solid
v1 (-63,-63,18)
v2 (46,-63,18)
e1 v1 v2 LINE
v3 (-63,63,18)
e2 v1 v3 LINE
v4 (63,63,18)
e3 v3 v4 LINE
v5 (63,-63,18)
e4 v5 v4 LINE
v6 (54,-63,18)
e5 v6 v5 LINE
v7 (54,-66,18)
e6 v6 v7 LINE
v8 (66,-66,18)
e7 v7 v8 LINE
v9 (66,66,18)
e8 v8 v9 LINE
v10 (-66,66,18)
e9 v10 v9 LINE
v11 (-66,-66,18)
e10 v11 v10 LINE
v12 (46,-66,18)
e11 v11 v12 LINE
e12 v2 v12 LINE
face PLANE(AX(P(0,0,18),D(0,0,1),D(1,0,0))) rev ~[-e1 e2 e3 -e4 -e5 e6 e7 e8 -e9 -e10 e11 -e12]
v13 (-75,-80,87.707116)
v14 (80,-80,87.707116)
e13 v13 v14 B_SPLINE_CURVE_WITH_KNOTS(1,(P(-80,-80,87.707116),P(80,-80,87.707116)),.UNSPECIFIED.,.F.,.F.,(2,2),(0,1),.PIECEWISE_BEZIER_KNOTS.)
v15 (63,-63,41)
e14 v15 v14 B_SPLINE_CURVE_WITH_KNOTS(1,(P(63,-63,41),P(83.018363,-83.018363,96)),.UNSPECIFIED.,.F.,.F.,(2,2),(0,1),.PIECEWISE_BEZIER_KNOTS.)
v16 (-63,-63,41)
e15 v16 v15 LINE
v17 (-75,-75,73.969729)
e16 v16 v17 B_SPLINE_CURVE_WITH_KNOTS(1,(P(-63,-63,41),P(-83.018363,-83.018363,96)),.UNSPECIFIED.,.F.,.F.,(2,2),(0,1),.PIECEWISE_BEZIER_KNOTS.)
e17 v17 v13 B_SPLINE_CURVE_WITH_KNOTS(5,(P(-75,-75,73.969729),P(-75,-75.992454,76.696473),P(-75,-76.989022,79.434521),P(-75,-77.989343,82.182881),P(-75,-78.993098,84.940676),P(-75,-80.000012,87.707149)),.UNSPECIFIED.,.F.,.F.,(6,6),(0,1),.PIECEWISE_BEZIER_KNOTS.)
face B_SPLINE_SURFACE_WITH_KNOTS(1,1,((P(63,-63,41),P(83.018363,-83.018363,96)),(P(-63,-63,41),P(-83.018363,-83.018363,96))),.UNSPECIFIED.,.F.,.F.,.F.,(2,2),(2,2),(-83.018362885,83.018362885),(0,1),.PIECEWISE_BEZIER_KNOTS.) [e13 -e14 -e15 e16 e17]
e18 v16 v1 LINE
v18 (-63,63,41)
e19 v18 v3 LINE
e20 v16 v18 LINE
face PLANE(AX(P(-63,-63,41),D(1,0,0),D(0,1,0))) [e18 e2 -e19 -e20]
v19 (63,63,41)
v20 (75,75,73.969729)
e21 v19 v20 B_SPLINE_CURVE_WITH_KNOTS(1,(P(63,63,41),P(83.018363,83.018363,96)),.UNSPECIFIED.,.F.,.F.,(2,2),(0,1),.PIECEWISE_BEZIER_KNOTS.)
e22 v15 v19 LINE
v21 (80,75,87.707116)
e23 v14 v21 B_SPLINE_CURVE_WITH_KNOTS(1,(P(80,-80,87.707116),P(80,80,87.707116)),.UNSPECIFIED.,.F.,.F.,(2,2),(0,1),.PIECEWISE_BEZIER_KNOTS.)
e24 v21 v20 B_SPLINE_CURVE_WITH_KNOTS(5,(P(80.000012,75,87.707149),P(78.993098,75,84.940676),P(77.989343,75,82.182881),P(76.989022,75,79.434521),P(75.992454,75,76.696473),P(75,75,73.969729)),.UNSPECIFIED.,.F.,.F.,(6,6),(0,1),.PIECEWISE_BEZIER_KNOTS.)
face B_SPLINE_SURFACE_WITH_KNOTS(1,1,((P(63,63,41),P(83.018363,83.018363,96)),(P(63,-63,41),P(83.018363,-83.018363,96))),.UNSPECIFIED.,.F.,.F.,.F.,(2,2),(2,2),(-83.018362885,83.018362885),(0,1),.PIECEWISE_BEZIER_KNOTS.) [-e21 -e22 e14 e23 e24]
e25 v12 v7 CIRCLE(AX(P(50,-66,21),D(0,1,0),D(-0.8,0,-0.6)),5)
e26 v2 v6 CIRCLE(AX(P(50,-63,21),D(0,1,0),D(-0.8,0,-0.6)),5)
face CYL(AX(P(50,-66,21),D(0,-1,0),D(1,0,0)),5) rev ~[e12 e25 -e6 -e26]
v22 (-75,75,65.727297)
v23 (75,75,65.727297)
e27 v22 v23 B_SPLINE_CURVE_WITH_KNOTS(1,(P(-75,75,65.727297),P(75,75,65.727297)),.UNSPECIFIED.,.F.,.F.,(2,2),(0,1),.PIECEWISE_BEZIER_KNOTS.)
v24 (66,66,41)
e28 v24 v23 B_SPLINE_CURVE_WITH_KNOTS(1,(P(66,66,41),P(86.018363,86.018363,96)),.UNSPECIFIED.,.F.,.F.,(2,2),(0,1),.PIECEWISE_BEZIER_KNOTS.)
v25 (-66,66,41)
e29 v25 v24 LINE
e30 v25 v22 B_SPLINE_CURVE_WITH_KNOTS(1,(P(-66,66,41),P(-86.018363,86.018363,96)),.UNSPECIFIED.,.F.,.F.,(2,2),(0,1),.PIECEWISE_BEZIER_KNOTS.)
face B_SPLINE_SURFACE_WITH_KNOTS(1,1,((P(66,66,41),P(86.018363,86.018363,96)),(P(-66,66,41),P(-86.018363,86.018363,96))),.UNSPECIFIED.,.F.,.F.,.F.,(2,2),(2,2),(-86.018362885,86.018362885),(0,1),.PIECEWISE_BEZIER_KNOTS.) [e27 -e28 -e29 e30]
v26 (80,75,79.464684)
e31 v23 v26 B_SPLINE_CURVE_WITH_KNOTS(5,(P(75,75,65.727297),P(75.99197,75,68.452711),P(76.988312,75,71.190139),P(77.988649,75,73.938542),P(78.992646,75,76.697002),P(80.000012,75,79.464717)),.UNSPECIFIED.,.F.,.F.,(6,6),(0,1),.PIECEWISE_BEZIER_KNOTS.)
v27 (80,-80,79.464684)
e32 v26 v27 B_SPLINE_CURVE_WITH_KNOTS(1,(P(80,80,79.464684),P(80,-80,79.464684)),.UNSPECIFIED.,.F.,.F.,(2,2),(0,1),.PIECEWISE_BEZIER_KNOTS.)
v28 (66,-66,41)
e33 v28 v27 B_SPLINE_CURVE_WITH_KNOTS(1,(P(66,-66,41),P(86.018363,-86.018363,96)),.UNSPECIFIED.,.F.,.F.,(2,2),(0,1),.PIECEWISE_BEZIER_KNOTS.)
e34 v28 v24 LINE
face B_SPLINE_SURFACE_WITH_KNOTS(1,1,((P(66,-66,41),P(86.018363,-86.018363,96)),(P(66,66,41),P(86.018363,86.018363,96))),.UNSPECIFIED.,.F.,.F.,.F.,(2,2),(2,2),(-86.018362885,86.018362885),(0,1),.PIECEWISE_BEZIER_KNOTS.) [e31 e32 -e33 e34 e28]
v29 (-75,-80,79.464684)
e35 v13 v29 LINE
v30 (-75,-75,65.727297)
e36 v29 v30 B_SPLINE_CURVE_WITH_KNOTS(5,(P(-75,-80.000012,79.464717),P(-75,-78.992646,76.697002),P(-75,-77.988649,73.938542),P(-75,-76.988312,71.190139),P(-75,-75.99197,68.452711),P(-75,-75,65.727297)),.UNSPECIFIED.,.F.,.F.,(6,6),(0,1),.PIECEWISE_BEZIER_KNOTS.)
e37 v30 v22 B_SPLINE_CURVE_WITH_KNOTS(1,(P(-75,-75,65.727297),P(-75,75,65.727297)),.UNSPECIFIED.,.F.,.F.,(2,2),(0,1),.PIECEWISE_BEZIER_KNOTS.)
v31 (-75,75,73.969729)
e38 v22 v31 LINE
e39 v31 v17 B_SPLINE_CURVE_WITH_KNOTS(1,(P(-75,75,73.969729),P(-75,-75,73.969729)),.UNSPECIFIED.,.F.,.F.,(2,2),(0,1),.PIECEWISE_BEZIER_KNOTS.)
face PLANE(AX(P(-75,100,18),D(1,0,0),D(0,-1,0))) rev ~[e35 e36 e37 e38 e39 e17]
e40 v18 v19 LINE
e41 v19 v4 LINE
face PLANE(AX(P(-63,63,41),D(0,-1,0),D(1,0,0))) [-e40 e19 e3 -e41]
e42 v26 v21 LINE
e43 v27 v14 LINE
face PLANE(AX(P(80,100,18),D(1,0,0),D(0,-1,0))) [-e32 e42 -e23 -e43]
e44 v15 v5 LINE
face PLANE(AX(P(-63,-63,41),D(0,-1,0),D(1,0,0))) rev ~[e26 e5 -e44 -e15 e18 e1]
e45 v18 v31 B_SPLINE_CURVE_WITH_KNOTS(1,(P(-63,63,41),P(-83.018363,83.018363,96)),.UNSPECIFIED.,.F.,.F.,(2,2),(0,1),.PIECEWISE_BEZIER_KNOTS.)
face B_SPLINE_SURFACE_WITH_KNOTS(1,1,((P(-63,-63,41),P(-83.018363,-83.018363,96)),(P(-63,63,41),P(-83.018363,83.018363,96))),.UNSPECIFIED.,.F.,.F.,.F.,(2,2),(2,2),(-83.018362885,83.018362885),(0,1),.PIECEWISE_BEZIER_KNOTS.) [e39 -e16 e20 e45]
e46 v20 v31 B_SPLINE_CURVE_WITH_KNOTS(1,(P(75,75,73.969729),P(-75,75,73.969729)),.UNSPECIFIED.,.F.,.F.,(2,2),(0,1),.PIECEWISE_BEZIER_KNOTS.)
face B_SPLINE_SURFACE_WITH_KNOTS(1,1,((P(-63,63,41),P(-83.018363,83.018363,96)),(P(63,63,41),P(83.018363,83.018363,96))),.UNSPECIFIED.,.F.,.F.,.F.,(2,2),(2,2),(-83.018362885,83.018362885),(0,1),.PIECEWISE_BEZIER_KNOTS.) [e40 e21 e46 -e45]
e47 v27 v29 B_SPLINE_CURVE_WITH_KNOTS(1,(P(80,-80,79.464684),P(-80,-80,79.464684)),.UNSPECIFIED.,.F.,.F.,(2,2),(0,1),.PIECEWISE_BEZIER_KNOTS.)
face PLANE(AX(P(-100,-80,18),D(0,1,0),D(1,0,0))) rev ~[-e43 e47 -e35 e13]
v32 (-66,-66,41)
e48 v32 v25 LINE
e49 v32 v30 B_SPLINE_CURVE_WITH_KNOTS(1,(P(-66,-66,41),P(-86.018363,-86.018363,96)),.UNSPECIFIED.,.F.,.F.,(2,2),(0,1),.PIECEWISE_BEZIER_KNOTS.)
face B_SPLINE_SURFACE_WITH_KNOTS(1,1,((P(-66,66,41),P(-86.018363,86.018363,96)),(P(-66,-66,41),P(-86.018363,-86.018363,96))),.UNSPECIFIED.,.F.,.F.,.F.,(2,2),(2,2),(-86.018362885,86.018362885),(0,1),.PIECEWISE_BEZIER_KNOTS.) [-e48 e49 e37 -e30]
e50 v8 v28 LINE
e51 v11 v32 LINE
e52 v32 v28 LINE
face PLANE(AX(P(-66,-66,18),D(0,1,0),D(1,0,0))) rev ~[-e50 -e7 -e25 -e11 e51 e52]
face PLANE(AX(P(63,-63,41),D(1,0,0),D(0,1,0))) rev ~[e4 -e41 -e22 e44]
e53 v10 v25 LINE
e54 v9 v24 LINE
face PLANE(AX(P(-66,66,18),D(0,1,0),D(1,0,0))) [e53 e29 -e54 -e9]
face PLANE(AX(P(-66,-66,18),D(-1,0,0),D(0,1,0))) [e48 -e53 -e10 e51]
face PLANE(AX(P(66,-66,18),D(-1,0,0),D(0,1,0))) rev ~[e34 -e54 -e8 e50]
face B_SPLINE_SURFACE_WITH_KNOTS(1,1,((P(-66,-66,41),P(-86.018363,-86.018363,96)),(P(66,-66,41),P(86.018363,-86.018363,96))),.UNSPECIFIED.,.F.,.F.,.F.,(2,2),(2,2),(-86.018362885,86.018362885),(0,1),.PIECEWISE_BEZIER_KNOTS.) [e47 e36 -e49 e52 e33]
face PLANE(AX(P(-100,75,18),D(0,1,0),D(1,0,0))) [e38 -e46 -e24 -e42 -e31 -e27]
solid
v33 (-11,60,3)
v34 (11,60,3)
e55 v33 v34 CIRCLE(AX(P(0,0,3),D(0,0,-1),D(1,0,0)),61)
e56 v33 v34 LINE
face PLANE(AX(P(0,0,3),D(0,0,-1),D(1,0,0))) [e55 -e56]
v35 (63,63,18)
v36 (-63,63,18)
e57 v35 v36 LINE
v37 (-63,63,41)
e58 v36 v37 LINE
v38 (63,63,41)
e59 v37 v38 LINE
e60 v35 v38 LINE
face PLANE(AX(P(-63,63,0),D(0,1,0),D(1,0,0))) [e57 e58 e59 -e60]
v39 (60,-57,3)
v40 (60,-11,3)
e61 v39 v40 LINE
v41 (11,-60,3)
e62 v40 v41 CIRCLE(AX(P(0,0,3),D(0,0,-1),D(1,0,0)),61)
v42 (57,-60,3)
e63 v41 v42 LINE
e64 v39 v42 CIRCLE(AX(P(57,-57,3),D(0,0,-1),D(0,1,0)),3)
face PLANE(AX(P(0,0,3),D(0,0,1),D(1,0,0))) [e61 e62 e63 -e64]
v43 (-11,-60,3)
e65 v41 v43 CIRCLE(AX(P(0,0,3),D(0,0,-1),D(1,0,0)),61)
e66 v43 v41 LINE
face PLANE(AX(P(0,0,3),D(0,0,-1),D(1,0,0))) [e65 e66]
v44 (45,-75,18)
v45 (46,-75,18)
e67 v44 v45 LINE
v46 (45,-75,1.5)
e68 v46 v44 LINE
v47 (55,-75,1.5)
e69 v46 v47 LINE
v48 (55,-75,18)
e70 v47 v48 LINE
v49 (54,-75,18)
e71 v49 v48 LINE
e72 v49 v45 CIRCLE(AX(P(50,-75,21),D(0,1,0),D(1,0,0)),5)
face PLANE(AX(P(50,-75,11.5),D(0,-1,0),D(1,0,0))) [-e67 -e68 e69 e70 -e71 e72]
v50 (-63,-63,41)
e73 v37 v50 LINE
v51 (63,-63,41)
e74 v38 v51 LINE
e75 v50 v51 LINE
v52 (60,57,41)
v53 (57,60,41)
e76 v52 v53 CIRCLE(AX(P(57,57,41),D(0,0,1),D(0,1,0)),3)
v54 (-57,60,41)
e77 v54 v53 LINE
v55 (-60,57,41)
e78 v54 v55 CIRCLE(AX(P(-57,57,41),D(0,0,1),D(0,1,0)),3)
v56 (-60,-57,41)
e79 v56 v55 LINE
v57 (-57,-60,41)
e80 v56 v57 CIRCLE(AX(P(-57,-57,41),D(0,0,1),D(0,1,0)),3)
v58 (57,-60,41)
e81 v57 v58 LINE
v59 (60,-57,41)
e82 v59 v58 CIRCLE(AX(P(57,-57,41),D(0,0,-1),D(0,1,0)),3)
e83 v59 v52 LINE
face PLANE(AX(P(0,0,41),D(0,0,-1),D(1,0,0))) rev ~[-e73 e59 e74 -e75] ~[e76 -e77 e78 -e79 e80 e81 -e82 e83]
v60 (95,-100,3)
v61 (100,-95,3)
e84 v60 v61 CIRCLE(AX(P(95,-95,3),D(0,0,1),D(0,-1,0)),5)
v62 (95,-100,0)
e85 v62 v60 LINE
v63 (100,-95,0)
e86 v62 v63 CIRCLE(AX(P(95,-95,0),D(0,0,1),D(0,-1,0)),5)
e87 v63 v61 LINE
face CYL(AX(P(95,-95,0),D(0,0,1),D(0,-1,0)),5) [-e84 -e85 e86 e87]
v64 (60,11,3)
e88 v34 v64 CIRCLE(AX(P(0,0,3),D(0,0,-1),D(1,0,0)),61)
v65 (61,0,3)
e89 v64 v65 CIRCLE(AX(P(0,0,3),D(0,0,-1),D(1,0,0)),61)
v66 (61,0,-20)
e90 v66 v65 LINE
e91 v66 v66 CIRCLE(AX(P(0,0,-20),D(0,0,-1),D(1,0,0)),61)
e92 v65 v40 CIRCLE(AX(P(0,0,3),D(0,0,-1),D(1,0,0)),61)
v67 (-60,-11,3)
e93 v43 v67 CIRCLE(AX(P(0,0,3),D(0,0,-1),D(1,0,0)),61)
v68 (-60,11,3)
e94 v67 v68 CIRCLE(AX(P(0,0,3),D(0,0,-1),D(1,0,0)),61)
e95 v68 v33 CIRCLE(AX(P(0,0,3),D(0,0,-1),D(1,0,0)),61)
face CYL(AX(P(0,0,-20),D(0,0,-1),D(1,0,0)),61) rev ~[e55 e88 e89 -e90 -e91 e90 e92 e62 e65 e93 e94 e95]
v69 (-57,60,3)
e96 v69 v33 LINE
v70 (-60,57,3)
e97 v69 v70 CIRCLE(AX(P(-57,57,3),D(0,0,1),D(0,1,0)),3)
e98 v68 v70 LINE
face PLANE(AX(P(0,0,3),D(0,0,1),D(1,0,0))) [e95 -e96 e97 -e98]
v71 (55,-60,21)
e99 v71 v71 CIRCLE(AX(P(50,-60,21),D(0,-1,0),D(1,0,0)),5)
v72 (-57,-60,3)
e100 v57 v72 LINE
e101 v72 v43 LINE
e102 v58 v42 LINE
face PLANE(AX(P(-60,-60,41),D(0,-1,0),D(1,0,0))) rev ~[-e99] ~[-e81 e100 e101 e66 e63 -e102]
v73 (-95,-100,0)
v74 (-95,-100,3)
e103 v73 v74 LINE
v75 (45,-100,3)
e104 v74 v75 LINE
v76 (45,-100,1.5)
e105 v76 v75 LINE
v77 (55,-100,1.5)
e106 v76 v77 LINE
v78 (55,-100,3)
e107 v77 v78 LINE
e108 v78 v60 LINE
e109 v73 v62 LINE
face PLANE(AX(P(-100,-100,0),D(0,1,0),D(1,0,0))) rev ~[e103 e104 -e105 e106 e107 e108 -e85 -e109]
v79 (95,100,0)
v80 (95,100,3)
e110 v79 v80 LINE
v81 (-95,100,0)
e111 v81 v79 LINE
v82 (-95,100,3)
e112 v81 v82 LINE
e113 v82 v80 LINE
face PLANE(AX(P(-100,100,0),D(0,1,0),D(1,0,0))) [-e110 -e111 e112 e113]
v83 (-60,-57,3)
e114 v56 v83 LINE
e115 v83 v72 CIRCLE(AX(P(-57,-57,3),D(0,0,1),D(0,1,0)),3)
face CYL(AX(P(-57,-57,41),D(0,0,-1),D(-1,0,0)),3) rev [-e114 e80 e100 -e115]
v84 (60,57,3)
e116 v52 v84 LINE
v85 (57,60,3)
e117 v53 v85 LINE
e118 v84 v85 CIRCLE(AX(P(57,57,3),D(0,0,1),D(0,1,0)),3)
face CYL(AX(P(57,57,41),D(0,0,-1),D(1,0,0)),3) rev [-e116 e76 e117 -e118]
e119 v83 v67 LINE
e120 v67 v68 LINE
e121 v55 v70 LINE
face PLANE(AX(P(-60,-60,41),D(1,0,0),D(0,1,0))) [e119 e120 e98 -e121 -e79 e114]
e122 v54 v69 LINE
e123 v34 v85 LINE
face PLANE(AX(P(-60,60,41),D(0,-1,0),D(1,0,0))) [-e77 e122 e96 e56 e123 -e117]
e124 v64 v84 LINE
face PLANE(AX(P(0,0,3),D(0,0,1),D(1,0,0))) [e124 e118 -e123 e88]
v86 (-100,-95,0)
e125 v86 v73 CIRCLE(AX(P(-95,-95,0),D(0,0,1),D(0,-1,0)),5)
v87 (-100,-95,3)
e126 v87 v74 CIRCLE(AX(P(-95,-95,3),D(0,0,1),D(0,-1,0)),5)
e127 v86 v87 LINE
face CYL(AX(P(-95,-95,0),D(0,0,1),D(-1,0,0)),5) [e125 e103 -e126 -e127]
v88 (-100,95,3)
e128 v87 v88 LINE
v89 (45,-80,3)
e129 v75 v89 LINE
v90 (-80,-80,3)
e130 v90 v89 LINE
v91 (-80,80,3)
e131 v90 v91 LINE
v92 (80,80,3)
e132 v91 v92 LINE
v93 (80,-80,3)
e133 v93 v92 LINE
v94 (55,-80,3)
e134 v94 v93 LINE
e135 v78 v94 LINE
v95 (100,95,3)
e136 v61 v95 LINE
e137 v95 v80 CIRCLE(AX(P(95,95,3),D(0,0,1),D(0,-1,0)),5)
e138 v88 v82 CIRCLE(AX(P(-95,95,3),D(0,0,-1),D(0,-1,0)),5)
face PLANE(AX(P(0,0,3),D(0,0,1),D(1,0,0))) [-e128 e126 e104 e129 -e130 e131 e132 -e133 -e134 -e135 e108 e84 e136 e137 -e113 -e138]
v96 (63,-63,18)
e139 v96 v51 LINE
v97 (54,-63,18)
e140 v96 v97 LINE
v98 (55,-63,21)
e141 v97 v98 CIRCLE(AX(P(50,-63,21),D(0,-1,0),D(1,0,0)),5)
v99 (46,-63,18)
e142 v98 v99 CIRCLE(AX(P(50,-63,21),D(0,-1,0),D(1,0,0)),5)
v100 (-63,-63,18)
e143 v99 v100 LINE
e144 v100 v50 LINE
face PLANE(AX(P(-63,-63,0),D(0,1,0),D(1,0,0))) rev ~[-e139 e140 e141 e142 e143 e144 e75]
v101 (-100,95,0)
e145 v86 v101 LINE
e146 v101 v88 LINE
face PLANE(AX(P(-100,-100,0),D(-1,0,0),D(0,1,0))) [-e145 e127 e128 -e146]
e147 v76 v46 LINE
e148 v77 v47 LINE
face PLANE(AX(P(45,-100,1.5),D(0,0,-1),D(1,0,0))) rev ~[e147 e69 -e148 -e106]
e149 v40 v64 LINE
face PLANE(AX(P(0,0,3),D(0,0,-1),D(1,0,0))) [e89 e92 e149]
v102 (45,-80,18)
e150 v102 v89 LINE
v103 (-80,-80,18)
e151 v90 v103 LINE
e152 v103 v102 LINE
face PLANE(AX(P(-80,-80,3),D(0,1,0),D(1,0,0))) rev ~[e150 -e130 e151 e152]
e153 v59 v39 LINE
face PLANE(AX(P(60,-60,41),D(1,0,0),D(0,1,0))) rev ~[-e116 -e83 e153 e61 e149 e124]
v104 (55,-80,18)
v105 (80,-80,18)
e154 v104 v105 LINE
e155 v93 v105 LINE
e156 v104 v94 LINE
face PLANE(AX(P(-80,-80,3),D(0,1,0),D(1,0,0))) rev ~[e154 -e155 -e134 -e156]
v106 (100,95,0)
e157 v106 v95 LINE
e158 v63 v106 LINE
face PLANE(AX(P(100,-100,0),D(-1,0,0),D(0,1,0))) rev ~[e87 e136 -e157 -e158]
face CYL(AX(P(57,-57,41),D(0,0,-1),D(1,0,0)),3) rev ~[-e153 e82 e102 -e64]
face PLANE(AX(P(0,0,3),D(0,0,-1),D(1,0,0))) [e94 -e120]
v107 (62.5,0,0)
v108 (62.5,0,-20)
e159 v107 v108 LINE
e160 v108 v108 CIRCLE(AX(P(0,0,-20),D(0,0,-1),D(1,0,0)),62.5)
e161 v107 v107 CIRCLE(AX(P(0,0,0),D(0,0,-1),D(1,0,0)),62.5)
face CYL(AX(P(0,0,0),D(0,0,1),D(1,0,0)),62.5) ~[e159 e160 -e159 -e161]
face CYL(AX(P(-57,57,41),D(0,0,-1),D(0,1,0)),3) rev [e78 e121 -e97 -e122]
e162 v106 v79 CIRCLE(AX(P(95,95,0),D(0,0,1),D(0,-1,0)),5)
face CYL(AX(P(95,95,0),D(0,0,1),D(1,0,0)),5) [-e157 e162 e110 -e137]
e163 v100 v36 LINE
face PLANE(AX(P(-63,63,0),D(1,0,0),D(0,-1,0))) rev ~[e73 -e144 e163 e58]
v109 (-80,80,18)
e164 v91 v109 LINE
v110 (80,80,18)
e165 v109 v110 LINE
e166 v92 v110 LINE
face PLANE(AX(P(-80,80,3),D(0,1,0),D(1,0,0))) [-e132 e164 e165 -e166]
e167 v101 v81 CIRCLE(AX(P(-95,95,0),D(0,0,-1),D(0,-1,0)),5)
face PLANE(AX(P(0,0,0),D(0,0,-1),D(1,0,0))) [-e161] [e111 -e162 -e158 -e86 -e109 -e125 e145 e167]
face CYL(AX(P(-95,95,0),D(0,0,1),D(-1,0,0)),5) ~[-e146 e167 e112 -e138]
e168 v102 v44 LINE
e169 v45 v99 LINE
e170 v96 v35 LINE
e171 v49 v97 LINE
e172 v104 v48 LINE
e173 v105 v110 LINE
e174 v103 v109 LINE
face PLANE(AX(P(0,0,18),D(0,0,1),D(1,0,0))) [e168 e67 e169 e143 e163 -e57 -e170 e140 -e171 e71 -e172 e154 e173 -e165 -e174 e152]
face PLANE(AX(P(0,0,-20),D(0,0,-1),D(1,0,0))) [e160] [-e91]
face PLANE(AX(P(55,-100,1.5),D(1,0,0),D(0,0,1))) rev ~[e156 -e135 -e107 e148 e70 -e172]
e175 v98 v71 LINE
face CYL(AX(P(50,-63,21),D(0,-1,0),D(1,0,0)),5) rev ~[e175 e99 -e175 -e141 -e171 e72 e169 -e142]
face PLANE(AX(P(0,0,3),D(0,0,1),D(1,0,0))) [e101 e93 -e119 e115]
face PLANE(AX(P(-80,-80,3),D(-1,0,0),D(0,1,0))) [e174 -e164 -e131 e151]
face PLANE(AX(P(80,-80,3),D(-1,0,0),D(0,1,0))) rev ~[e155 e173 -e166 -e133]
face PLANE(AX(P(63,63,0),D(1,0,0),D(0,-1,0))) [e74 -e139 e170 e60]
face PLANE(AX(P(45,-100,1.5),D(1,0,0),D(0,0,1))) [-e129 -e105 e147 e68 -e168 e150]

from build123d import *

# Parameters (mm, degrees)
SKETCH_W             = 200
SKETCH_H             = 200
PAD_DEPTH            = 3
FILLET_R             = 5
SKETCH001_W          = 160
SKETCH001_H          = 160
PAD001_DEPTH         = 15
SKETCH002_W          = 126
SKETCH002_H          = 126
PAD002_DEPTH         = 41
SKETCH004_R          = 62.5
PAD003_DEPTH         = 20
SKETCH005_R          = 61
POCKET001_DEPTH      = 23
SKETCH006_R          = 5
POCKET002_DEPTH      = 5
POCKET002_DEPTH_BACK = 20
SKETCH007_W          = 10
SKETCH007_H          = 20
POCKET003_DEPTH      = 25
SKETCH003_W          = 120
SKETCH003_H          = 120
POCKET_DEPTH         = 38
FILLET001_R          = 3
SKETCH008_W          = 132
SKETCH008_H          = 132
PAD004_DEPTH         = 23
SKETCH009_W          = 126
SKETCH009_H          = 126
POCKET004_DEPTH      = 23
SKETCH010_W          = 132
SKETCH010_H          = 132
PAD005_DEPTH         = 55
PAD005_TAPER         = -20
SKETCH011_W          = 126
SKETCH011_H          = 126
POCKET005_DEPTH      = 55
POCKET005_TAPER      = -20
SKETCH012_R          = 5
POCKET006_DEPTH      = 5
SKETCH013_W          = 80
SKETCH013_H          = 200
POCKET007_DEPTH      = 78.001
SKETCH014_W          = 200
SKETCH014_H          = 80
POCKET008_DEPTH      = 78.001
SKETCH015_W          = 80
SKETCH015_H          = 200
POCKET009_DEPTH      = 78.001
SKETCH016_W          = 200
SKETCH016_H          = 80
POCKET010_DEPTH      = 78.001


with BuildPart() as body:
    # Sketch → Pad (new body)
    with BuildSketch(Plane.XY):
        Rectangle(SKETCH_W, SKETCH_H)
    extrude(amount=PAD_DEPTH)

    # Fillet
    fillet_edges = [body.edges().sort_by_distance(p)[0] for p in [
        (100, 100, 1.5),
        (100, -100, 1.5),
        (-100, 100, 1.5),
        (-100, -100, 1.5),
    ]]
    fillet(fillet_edges, radius=FILLET_R)

    # Sketch001 (on Face5 of Fillet) → Pad001 (join)
    with BuildSketch(Plane.XY.offset(3)):
        Rectangle(SKETCH001_W, SKETCH001_H)
    extrude(amount=PAD001_DEPTH)

    # Sketch002 (on Face2 of Pad001) → Pad002 (join)
    with BuildSketch(Plane(origin=(0, 0, 0), x_dir=(1, 0, 0), z_dir=(0, 0, -1))):
        Rectangle(SKETCH002_W, SKETCH002_H)
    extrude(amount=-PAD002_DEPTH)

    # Sketch004 → Pad003 (join)
    with BuildSketch(Plane(origin=(0, 0, 0), x_dir=(1, 0, 0), z_dir=(0, 0, -1))):
        Circle(SKETCH004_R)
    extrude(amount=PAD003_DEPTH)

    # Sketch005 (on Face16 of Pad003) → Pocket001 (cut)
    with BuildSketch(Plane(origin=(0, 0, -20), x_dir=(1, 0, 0), z_dir=(0, 0, -1))):
        Circle(SKETCH005_R)
    extrude(amount=-POCKET001_DEPTH, mode=Mode.SUBTRACT)

    # Sketch006 (on Face20 of Pocket001) → Pocket002 (cut, two sides)
    with BuildSketch(Plane.XZ.offset(63)) as pocket002_sk:
        with Locations((50, 21)):
            Circle(SKETCH006_R)
    extrude(amount=-POCKET002_DEPTH, mode=Mode.SUBTRACT)
    extrude(pocket002_sk.sketch, amount=POCKET002_DEPTH_BACK, mode=Mode.SUBTRACT)

    # Sketch007 (on Face7 of Pocket002) → Pocket003 (cut)
    with BuildSketch(Plane.XZ.offset(100)):
        with Locations((50, 11.5)):
            Rectangle(SKETCH007_W, SKETCH007_H)
    extrude(amount=-POCKET003_DEPTH, mode=Mode.SUBTRACT)

    # Sketch003 → Pocket (cut)
    with BuildSketch(Plane.XY.offset(41)):
        Rectangle(SKETCH003_W, SKETCH003_H)
    extrude(amount=-POCKET_DEPTH, mode=Mode.SUBTRACT)

    # Fillet001
    fillet001_edges = [body.edges().sort_by_distance(p)[0] for p in [
        (60, 60, 22),
        (-60, 60, 22),
        (-60, -60, 22),
        (60, -60, 22),
    ]]
    fillet(fillet001_edges, radius=FILLET001_R)


with BuildPart() as tpugasket:
    # Sketch008 (on Face1 of CopyFillet001) → Pad004 (new body)
    with BuildSketch(Plane.XY.offset(18)):
        Rectangle(SKETCH008_W, SKETCH008_H)
    extrude(amount=PAD004_DEPTH)

    # Sketch009 (on Face6 of Pad004) → Pocket004 (cut)
    with BuildSketch(Plane.XY.offset(41)):
        Rectangle(SKETCH009_W, SKETCH009_H)
    extrude(amount=-POCKET004_DEPTH, mode=Mode.SUBTRACT)

    # Sketch010 (on Face5 of Pocket004) → Pad005 (join)
    with BuildSketch(Plane.XY.offset(41)):
        Rectangle(SKETCH010_W, SKETCH010_H)
    extrude(amount=PAD005_DEPTH, taper=PAD005_TAPER)

    # Sketch011 (on Face15 of Pad005) → Pocket005 (cut)
    with BuildSketch(Plane(origin=(0, 0, 41), x_dir=(1, 0, 0), z_dir=(0, 0, -1))):
        Rectangle(SKETCH011_W, SKETCH011_H)
    extrude(amount=-POCKET005_DEPTH, taper=POCKET005_TAPER, mode=Mode.SUBTRACT)

    # Sketch012 (on Face3 of Pocket005) → Pocket006 (cut)
    with BuildSketch(Plane.XZ.offset(66)):
        with Locations((50, 21)):
            Circle(SKETCH012_R)
    extrude(amount=-POCKET006_DEPTH, mode=Mode.SUBTRACT)

    # Sketch013 (on Face4 of Pocket006) → Pocket007 (cut, through all)
    with BuildSketch(Plane(origin=(0, 0, 18), x_dir=(1, 0, 0), z_dir=(0, 0, -1))):
        with Locations((120, 0)):
            Rectangle(SKETCH013_W, SKETCH013_H)
    extrude(amount=-POCKET007_DEPTH, mode=Mode.SUBTRACT)

    # Sketch014 (on Face4 of Pocket007) → Pocket008 (cut, through all)
    with BuildSketch(Plane(origin=(0, 0, 18), x_dir=(1, 0, 0), z_dir=(0, 0, -1))):
        with Locations((0, 120)):
            Rectangle(SKETCH014_W, SKETCH014_H)
    extrude(amount=-POCKET008_DEPTH, mode=Mode.SUBTRACT)

    # Sketch015 (on Face4 of Pocket008) → Pocket009 (cut, through all)
    with BuildSketch(Plane(origin=(0, 0, 18), x_dir=(1, 0, 0), z_dir=(0, 0, -1))):
        with Locations((-115, 0)):
            Rectangle(SKETCH015_W, SKETCH015_H)
    extrude(amount=-POCKET009_DEPTH, mode=Mode.SUBTRACT)

    # Sketch016 (on Face4 of Pocket009) → Pocket010 (cut, through all)
    with BuildSketch(Plane(origin=(0, 0, 18), x_dir=(1, 0, 0), z_dir=(0, 0, -1))):
        with Locations((0, -115)):
            Rectangle(SKETCH016_W, SKETCH016_H)
    extrude(amount=-POCKET010_DEPTH, mode=Mode.SUBTRACT)


solid = Compound([body.part, tpugasket.part])
